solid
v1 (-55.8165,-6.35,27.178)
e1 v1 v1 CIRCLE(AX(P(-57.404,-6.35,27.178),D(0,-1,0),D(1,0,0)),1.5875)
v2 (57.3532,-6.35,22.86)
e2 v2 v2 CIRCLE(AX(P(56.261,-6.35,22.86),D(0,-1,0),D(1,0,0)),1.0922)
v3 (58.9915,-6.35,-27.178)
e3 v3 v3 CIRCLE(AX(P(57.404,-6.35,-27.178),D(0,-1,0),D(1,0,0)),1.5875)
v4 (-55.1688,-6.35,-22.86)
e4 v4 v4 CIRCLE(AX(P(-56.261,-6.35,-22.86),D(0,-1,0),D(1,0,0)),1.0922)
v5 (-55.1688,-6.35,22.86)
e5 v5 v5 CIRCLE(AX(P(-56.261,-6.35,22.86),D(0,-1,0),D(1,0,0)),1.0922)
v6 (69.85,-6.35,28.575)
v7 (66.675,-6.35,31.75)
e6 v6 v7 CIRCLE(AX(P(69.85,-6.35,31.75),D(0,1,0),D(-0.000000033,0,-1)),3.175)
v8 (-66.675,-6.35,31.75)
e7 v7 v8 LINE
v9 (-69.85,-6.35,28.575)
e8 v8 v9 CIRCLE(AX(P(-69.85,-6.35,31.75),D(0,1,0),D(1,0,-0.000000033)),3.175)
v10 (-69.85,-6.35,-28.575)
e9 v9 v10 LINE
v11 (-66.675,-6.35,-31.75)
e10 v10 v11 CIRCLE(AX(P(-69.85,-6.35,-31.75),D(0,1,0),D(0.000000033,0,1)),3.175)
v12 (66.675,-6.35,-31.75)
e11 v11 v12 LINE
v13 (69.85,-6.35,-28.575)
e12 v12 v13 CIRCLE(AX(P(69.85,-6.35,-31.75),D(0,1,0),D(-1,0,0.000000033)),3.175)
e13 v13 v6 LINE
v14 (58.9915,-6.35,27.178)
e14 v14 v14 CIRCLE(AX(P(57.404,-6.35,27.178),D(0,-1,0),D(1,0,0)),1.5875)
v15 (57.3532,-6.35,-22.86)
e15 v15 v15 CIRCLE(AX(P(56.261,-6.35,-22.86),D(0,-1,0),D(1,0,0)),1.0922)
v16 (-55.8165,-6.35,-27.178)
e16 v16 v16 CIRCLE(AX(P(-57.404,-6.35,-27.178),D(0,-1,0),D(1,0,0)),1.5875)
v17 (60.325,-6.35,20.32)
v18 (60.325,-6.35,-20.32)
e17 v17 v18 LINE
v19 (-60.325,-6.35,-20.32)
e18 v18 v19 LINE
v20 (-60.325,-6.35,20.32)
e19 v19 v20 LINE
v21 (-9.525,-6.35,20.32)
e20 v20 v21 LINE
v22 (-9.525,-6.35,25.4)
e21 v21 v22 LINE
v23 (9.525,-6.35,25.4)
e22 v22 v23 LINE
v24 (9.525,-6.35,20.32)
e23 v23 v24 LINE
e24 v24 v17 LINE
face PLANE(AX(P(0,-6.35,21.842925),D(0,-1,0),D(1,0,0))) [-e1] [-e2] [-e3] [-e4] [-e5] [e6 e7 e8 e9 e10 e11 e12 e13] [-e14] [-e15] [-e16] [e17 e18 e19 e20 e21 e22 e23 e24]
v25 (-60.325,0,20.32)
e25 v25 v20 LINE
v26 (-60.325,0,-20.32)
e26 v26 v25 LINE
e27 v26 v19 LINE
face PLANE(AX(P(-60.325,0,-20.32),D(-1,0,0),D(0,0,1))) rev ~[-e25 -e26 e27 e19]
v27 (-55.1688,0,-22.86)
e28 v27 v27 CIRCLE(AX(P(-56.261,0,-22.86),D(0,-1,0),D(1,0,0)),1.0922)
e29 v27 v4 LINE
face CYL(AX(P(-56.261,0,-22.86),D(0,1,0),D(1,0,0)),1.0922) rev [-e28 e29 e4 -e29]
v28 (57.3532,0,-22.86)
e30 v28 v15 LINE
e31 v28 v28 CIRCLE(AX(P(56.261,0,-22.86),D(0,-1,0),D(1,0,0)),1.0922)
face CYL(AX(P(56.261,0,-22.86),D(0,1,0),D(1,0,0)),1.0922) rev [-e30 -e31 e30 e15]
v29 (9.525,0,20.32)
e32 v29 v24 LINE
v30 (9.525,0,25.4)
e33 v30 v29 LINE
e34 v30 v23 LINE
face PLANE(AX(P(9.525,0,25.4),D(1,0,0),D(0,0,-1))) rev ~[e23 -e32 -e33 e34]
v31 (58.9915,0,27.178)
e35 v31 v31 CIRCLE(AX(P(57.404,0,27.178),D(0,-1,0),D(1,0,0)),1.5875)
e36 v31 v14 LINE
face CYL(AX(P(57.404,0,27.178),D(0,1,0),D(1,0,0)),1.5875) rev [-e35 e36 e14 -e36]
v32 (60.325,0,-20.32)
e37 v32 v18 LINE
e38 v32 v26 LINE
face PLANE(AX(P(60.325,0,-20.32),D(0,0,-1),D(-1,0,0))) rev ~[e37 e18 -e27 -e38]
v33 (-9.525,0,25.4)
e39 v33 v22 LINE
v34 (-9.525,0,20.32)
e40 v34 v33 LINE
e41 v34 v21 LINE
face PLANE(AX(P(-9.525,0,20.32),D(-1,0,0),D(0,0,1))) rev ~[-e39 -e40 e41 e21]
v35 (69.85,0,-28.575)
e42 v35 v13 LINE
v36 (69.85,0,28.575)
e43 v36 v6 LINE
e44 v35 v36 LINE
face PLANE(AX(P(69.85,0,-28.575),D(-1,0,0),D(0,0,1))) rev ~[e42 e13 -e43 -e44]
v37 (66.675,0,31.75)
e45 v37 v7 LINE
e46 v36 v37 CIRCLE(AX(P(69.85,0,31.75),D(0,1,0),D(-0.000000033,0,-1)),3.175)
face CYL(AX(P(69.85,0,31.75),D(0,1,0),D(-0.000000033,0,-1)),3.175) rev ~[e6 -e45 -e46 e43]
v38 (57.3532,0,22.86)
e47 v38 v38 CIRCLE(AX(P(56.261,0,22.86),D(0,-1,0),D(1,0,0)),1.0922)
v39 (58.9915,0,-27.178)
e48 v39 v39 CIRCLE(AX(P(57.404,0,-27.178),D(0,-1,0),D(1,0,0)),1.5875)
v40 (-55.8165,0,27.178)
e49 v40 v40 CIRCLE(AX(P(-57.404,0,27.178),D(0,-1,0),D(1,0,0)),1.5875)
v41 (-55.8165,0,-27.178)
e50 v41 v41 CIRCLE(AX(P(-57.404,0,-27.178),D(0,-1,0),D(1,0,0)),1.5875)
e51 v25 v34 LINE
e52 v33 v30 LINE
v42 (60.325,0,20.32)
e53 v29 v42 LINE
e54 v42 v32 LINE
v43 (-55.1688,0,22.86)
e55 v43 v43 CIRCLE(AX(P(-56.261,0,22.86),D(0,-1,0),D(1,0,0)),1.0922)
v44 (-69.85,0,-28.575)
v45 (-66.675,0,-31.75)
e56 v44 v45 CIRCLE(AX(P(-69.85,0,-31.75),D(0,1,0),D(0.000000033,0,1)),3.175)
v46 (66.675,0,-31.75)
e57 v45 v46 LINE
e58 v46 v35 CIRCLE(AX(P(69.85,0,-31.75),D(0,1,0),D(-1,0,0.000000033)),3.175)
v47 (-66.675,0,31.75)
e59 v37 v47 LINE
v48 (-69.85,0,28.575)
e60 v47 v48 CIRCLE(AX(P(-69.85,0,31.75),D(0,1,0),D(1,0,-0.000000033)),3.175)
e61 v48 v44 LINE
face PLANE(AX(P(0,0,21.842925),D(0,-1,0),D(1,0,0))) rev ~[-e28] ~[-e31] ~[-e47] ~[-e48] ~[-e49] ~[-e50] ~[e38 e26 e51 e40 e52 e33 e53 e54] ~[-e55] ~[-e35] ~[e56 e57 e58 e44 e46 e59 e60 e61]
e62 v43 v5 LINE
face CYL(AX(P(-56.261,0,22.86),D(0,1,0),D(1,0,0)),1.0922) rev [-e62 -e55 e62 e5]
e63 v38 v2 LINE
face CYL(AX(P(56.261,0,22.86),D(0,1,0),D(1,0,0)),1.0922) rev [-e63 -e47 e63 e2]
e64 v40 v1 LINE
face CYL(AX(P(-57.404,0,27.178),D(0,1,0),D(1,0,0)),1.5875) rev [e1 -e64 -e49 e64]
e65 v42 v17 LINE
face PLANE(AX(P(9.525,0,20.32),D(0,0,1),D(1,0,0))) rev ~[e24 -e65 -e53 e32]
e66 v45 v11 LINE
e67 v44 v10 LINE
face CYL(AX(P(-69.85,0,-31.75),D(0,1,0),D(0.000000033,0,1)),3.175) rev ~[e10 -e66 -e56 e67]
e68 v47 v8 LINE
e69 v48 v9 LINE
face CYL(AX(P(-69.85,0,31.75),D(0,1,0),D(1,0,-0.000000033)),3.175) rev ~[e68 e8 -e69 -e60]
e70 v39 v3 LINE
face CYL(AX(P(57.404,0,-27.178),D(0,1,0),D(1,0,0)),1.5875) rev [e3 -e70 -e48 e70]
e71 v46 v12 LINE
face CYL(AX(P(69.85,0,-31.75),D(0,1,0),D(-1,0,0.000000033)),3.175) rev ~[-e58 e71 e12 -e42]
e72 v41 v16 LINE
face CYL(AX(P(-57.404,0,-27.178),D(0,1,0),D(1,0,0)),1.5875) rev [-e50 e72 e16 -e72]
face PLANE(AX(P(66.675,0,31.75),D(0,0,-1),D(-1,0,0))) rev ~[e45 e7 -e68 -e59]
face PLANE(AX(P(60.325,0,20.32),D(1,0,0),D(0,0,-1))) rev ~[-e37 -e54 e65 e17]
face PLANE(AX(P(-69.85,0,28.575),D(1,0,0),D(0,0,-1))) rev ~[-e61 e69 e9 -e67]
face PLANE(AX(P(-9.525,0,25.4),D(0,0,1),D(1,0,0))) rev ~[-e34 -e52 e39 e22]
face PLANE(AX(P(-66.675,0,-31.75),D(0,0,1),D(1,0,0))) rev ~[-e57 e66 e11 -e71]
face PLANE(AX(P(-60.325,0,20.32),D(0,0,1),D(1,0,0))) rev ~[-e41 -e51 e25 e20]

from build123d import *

# Parameters (mm, degrees)
F0_R     = 1.0922
F0_R_2   = 1.5875
F1_DEPTH = 6.35


with BuildPart() as f1:
    # F0 (on Front) → F1 (new body)
    with BuildSketch(Plane.XZ):
        with BuildLine():
            Line((66.675, 31.75), (-66.675, 31.75))
            ThreePointArc((-66.675, 31.75), (-67.604936, 29.504936), (-69.85, 28.575))
            Line((-69.85, 28.575), (-69.85, 0))
            Line((-69.85, 0), (-60.325, 0))
            Line((-60.325, 0), (-60.325, 20.32))
            Line((-60.325, 20.32), (-9.525, 20.32))
            Line((-9.525, 20.32), (-9.525, 25.4))
            Line((-9.525, 25.4), (9.525, 25.4))
            Line((9.525, 25.4), (9.525, 20.32))
            Line((9.525, 20.32), (60.325, 20.32))
            Line((60.325, 20.32), (60.325, 0))
            Line((60.325, 0), (69.85, 0))
            Line((69.85, 0), (69.85, 28.575))
            ThreePointArc((69.85, 28.575), (67.604936, 29.504936), (66.675, 31.75))
        make_face()
        with Locations((-56.261, 22.86)):
            Circle(F0_R, mode=Mode.SUBTRACT)
        with Locations((-57.404, 27.178)):
            Circle(F0_R_2, mode=Mode.SUBTRACT)
        with Locations((56.261, 22.86)):
            Circle(F0_R, mode=Mode.SUBTRACT)
        with Locations((57.404, 27.178)):
            Circle(F0_R_2, mode=Mode.SUBTRACT)
        with BuildLine():
            Line((-60.325, 0), (-69.85, 0))
            Line((-69.85, 0), (-69.85, -28.575))
            ThreePointArc((-69.85, -28.575), (-67.604936, -29.504936), (-66.675, -31.75))
            Line((-66.675, -31.75), (66.675, -31.75))
            ThreePointArc((66.675, -31.75), (67.604936, -29.504936), (69.85, -28.575))
            Line((69.85, -28.575), (69.85, 0))
            Line((69.85, 0), (60.325, 0))
            Line((60.325, 0), (60.325, -20.32))
            Line((60.325, -20.32), (-60.325, -20.32))
            Line((-60.325, -20.32), (-60.325, 0))
        make_face()
        with Locations((-57.404, -27.178)):
            Circle(F0_R_2, mode=Mode.SUBTRACT)
        with Locations((-56.261, -22.86)):
            Circle(F0_R, mode=Mode.SUBTRACT)
        with Locations((57.404, -27.178)):
            Circle(F0_R_2, mode=Mode.SUBTRACT)
        with Locations((56.261, -22.86)):
            Circle(F0_R, mode=Mode.SUBTRACT)
    extrude(amount=F1_DEPTH)


solid = f1.part
